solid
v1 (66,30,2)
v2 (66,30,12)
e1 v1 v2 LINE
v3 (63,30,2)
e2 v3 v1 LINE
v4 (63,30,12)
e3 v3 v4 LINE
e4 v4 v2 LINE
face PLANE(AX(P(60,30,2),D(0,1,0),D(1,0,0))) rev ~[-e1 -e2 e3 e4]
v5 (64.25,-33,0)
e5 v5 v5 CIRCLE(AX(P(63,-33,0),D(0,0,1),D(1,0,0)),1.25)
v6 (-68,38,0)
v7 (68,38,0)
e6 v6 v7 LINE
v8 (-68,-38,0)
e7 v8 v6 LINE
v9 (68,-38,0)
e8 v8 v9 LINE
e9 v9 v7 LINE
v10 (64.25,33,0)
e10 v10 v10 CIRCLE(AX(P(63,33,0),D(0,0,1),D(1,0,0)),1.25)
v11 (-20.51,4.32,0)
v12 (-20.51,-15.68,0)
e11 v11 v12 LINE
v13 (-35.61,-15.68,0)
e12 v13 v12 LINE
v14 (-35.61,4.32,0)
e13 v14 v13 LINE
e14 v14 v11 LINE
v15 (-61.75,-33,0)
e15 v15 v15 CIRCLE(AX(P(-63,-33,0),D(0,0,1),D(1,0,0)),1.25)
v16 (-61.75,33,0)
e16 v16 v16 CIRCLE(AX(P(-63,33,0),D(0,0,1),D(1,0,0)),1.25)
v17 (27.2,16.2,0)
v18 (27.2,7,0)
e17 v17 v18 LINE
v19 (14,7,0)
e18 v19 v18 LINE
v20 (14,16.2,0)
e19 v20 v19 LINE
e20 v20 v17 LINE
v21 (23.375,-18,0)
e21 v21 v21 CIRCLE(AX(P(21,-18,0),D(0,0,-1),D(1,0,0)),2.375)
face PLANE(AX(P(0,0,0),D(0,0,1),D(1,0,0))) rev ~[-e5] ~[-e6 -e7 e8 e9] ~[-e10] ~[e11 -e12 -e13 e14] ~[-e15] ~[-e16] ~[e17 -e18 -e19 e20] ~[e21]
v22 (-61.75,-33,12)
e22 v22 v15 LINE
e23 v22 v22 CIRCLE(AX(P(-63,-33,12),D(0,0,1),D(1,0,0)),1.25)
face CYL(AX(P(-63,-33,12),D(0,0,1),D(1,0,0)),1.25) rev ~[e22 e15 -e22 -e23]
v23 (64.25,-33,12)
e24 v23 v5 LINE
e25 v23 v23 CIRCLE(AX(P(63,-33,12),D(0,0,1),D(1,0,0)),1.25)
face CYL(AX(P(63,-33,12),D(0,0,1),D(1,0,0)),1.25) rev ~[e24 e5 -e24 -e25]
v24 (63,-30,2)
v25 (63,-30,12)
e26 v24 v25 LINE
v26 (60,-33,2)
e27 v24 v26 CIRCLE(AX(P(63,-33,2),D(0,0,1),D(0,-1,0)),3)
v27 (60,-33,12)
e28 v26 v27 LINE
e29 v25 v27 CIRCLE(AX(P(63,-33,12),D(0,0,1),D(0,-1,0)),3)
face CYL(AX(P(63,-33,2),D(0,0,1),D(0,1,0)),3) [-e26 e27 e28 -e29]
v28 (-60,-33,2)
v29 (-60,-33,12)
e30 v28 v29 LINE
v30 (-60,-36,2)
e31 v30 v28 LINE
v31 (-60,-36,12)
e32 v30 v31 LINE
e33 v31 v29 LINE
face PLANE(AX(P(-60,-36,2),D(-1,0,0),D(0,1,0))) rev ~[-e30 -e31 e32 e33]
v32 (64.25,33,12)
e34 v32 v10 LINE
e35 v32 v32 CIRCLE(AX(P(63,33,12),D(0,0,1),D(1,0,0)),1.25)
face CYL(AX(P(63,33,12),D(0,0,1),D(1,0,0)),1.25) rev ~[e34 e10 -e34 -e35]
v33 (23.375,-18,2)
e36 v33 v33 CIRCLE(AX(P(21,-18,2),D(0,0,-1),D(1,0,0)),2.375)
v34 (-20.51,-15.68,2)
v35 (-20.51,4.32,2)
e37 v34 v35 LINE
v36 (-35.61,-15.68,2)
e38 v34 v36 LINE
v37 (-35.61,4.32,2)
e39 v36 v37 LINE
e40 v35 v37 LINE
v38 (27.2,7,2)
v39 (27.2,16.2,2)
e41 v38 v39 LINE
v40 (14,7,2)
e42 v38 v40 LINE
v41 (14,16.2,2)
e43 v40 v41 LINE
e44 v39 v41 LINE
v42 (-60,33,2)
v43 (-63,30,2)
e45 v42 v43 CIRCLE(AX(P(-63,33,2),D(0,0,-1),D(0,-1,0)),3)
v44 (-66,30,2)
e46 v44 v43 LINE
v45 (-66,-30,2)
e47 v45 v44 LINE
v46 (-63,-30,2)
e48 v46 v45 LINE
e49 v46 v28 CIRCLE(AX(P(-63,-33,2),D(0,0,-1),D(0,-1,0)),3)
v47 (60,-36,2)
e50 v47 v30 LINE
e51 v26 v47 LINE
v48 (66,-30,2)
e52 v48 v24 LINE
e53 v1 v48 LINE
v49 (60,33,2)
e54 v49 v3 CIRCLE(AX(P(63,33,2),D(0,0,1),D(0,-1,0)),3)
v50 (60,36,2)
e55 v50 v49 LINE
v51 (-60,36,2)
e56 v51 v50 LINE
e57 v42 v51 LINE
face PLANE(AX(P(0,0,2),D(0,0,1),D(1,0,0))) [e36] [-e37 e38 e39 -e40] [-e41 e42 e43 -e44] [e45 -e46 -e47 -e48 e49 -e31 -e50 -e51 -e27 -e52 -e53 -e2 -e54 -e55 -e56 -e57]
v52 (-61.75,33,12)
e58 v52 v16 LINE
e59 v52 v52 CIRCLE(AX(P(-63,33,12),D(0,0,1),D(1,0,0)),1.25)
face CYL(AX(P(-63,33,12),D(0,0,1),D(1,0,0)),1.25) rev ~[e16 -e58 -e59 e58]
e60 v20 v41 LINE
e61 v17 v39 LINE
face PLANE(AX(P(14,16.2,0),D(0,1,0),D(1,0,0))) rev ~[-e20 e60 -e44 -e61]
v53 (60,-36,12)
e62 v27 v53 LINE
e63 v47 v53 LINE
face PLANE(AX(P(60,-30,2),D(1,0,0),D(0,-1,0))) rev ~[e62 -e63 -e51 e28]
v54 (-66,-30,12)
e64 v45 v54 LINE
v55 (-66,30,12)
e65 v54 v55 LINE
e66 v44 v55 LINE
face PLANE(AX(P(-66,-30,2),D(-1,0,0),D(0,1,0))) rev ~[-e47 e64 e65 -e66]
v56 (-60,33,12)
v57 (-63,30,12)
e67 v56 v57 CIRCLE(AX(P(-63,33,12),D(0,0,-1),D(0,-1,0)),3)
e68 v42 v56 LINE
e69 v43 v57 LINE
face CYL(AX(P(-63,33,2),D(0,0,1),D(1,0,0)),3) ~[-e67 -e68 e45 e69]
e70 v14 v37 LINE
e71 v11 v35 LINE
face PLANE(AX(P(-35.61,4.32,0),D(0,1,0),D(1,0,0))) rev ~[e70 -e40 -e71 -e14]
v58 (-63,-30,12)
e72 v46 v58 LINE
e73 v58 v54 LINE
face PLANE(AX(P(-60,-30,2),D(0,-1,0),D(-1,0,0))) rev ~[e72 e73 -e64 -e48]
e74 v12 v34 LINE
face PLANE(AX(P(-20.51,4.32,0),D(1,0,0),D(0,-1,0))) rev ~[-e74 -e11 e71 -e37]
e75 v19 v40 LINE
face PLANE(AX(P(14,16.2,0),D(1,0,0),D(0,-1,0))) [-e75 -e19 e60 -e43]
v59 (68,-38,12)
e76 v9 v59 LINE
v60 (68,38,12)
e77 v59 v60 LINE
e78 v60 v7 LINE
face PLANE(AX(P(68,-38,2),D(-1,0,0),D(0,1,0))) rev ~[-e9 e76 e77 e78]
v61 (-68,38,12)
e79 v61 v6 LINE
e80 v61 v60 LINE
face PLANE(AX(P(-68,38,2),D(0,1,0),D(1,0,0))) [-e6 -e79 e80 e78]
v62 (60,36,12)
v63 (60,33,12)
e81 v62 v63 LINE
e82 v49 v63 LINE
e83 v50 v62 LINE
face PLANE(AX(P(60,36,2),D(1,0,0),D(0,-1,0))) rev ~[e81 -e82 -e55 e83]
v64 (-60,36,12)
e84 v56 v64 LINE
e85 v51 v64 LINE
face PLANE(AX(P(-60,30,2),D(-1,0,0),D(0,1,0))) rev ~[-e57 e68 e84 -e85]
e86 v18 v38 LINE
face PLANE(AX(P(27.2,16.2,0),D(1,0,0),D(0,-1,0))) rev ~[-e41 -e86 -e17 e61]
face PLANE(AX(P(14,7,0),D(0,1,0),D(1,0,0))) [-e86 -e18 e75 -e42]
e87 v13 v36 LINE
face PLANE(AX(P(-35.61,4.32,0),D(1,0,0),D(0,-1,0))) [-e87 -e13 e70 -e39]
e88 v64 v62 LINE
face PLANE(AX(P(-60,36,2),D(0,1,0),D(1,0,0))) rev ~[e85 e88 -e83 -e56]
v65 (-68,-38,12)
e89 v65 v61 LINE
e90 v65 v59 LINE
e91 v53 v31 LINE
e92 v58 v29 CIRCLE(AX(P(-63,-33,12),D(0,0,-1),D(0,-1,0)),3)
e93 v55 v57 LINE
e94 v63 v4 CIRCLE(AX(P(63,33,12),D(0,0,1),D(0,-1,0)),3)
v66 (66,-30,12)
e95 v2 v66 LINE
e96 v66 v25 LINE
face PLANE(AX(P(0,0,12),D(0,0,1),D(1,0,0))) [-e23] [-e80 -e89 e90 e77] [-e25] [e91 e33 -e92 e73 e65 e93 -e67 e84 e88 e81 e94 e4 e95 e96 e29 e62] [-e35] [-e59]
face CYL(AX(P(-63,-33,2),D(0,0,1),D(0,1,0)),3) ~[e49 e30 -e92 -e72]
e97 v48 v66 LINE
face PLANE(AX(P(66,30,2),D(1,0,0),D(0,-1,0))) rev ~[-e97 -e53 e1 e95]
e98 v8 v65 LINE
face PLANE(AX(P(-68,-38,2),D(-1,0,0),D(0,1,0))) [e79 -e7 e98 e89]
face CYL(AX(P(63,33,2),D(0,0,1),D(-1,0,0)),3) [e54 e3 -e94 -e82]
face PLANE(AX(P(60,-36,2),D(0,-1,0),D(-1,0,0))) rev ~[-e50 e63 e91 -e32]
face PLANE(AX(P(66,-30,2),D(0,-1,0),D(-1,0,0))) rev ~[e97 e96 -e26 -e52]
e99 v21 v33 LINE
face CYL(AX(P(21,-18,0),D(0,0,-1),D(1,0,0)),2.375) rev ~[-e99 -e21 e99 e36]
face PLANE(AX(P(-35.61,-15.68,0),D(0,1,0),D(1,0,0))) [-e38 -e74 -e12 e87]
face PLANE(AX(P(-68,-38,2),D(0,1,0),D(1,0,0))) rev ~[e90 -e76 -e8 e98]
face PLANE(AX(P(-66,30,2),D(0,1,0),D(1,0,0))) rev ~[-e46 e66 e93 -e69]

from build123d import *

# Parameters (mm, degrees)
SKETCH_W        = 136
SKETCH_H        = 76
PAD_DEPTH       = 2
SKETCH001_W     = 136
SKETCH001_H     = 76
PAD001_DEPTH    = 10
SKETCH002_R     = 1.25
POCKET_DEPTH    = 13
SKETCH003_R     = 2.375
SKETCH003_W     = 15.1
SKETCH003_H     = 20
SKETCH003_W_2   = 13.2
SKETCH003_H_2   = 9.2
POCKET001_DEPTH = 3
FILLET_R        = 3


with BuildPart() as part:
    # Sketch → Pad (new body)
    with BuildSketch(Plane.XY):
        Rectangle(SKETCH_W, SKETCH_H)
    extrude(amount=PAD_DEPTH)

    # Sketch001 (on Face6 of Pad) → Pad001 (join)
    with BuildSketch(Plane.XY.offset(2)):
        Rectangle(SKETCH001_W, SKETCH001_H)
        Polygon((-60, 36), (60, 36), (60, 30), (66, 30), (66, -30), (60, -30), (60, -36), (-60, -36), (-60, -30), (-66, -30), (-66, 30), (-60, 30), align=None, mode=Mode.SUBTRACT)
    extrude(amount=PAD001_DEPTH)

    # Sketch002 (on Face9 of Pad001) → Pocket (cut)
    with BuildSketch(Plane.XY.offset(12)):
        with Locations((-63, 33)):
            Circle(SKETCH002_R)
        with Locations((-63, -33)):
            Circle(SKETCH002_R)
        with Locations((63, 33)):
            Circle(SKETCH002_R)
        with Locations((63, -33)):
            Circle(SKETCH002_R)
    extrude(amount=-POCKET_DEPTH, mode=Mode.SUBTRACT)

    # Sketch003 (on Face4 of Pocket) → Pocket001 (cut)
    with BuildSketch(Plane(origin=(0, 0, 0), x_dir=(1, 0, 0), z_dir=(0, 0, -1))):
        with Locations((21, 18)):
            Circle(SKETCH003_R)
        with Locations((-28.06, 5.68)):
            Rectangle(SKETCH003_W, SKETCH003_H)
        with Locations((20.6, -11.6)):
            Rectangle(SKETCH003_W_2, SKETCH003_H_2)
    extrude(amount=-POCKET001_DEPTH, mode=Mode.SUBTRACT)

    # Fillet
    fillet_edges = [part.edges().sort_by_distance(p)[0] for p in [
        (60, 30, 7),
        (-60, 30, 7),
        (60, -30, 7),
        (-60, -30, 7),
    ]]
    fillet(fillet_edges, radius=FILLET_R)


solid = part.part
